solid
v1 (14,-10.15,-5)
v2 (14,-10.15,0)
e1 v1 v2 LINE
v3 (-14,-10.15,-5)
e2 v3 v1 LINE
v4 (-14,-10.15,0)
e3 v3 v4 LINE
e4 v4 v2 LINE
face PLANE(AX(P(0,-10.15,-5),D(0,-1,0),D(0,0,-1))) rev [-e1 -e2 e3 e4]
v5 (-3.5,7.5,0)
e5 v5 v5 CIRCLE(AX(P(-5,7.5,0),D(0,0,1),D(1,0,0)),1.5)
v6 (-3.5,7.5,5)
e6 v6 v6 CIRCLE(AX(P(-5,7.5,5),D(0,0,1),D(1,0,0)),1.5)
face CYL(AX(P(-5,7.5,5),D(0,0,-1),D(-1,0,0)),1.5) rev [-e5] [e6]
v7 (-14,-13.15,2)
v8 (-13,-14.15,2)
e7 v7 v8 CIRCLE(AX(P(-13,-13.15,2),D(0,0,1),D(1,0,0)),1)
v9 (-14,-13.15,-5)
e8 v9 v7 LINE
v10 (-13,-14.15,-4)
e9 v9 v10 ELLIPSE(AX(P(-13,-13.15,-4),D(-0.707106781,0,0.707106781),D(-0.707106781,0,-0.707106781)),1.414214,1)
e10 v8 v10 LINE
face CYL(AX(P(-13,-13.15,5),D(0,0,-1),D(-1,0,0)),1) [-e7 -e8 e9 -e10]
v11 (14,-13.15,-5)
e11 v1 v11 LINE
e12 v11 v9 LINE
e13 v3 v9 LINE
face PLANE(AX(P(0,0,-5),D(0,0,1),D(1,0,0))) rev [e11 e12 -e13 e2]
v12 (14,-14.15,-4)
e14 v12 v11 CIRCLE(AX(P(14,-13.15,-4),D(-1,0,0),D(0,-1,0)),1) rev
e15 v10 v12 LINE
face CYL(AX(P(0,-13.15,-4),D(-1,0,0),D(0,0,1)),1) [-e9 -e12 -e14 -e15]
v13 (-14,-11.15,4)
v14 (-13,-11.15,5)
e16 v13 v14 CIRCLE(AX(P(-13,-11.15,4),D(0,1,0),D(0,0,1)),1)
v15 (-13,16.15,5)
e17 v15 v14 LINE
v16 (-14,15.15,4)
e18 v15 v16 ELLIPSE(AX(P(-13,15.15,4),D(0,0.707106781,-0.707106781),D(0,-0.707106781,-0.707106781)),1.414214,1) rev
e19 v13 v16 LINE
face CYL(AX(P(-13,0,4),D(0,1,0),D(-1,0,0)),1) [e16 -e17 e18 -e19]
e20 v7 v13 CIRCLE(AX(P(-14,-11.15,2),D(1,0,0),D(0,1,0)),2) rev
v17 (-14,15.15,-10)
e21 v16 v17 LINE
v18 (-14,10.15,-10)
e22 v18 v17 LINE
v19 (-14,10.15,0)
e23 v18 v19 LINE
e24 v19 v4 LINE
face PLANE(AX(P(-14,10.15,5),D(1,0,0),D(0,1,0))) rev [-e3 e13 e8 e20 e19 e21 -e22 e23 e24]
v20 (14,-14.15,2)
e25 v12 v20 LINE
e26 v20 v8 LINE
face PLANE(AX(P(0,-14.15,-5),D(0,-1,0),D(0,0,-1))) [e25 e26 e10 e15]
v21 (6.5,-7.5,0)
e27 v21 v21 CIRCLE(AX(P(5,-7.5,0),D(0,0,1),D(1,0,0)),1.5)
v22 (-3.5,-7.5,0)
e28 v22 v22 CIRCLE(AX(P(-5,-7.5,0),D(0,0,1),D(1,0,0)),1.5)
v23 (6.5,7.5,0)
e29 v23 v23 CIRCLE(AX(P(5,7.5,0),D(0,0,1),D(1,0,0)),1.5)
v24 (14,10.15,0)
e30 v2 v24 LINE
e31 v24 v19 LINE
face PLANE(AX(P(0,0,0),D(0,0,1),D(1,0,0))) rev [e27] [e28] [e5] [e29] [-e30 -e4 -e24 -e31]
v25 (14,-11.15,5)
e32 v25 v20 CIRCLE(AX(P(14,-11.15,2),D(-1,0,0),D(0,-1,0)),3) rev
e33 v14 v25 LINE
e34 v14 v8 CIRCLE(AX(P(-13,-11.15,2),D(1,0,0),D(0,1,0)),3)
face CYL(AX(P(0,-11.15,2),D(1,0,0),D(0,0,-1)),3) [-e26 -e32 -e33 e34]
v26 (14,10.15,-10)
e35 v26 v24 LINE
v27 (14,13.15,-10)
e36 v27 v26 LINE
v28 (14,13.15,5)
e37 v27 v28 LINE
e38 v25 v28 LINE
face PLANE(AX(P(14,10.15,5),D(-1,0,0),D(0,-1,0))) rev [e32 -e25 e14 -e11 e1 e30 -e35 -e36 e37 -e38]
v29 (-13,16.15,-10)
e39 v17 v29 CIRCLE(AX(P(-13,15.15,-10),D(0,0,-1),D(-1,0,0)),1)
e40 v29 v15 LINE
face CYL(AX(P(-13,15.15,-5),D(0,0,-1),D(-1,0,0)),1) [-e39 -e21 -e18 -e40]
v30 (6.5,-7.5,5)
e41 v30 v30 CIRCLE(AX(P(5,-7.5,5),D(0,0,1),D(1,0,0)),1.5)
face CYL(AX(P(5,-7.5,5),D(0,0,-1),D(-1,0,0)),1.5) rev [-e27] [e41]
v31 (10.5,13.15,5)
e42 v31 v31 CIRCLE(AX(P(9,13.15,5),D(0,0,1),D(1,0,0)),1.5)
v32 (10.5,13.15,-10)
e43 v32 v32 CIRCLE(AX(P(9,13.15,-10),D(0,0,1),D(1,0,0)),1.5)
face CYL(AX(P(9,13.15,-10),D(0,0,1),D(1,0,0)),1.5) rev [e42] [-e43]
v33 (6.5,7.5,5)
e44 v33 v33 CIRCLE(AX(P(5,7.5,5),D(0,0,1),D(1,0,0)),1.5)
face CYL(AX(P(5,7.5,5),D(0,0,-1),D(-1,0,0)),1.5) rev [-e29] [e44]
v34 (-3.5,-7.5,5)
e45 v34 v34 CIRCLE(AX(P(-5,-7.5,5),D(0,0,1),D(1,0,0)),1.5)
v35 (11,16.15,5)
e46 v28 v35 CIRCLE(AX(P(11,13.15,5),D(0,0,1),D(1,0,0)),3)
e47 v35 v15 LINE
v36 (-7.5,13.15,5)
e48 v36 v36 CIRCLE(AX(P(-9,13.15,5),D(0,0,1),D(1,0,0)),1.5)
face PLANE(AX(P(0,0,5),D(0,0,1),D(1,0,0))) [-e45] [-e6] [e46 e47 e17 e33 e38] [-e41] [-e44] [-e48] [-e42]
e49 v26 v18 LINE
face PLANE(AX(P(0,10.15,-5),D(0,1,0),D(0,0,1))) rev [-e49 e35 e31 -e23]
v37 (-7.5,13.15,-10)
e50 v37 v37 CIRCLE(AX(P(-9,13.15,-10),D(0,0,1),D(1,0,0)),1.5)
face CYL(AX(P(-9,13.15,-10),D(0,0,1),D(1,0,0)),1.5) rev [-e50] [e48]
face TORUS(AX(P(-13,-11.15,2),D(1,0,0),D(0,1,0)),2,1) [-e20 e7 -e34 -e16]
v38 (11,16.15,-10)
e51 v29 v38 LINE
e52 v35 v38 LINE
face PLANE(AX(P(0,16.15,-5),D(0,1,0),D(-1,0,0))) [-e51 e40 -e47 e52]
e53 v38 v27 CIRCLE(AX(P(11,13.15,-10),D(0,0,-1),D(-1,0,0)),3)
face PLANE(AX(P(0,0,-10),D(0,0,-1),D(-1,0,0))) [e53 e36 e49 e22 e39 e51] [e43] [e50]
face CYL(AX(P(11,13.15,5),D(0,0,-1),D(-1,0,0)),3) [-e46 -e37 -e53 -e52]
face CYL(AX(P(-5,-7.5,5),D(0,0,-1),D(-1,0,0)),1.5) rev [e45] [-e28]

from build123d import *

# Parameters (mm, degrees)
SKETCH_1_W          = 28
SKETCH_1_H          = 20.3
SKETCH_1_R          = 1.5
EXTRUDE_1_DEPTH     = 5
SKETCH_2_W          = 28
SKETCH_2_H          = 6
SKETCH_2_H_2        = 4
EXTRUDE_2_DEPTH     = 10
SKETCH_3_W          = 28
SKETCH_3_H          = 6
EXTRUDE_3_DEPTH     = 5
FILLET_1_R          = 3
FILLET_2_R          = 1
SKETCH_4_R          = 1.5
CUT_EXTRUDE_1_DEPTH = 27.11173108


with BuildPart() as part:
    # 草图1 → 凸台-拉伸1 (new body)
    with BuildSketch(Plane.XY):
        Rectangle(SKETCH_1_W, SKETCH_1_H)
        with Locations((-5, 7.5)):
            Circle(SKETCH_1_R, mode=Mode.SUBTRACT)
        with Locations((5, 7.5)):
            Circle(SKETCH_1_R, mode=Mode.SUBTRACT)
        with Locations((5, -7.5)):
            Circle(SKETCH_1_R, mode=Mode.SUBTRACT)
        with Locations((-5, -7.5)):
            Circle(SKETCH_1_R, mode=Mode.SUBTRACT)
    extrude(amount=EXTRUDE_1_DEPTH)

    # 草图2 → 凸台-拉伸2 (add)
    with BuildSketch(Plane.XY.offset(5)):
        with Locations((0, 13.15)):
            Rectangle(SKETCH_2_W, SKETCH_2_H)
        with Locations((0, -12.15)):
            Rectangle(SKETCH_2_W, SKETCH_2_H_2)
    extrude(amount=-EXTRUDE_2_DEPTH)

    # 草图3 → 凸台-拉伸3 (add)
    with BuildSketch(Plane(origin=(0, 0, -5), x_dir=(-1, 0, 0), z_dir=(0, 0, -1))):
        with Locations((0, 13.15)):
            Rectangle(SKETCH_3_W, SKETCH_3_H)
    extrude(amount=EXTRUDE_3_DEPTH)

    # 圆角1
    fillet_1_edges = [part.edges().sort_by_distance(p)[0] for p in [
        (14, 16.15, -2.5),
        (0, -14.15, 5),
    ]]
    fillet(fillet_1_edges, radius=FILLET_1_R)

    # 圆角2
    fillet_2_edges = [part.edges().sort_by_distance(p)[0] for p in [
        (-14, 2.5, 5),
        (-14, 16.15, -2.5),
        (0, -14.15, -5),
        (-14, -14.15, -1.5),
        (-14, -13.271320344, 4.121320344),
    ]]
    fillet(fillet_2_edges, radius=FILLET_2_R)

    # 草图4 → 切除-拉伸1 (cut, through all)
    with BuildSketch(Plane.XY.offset(5)):
        with Locations((-9, 13.15)):
            Circle(SKETCH_4_R)
        with Locations((9, 13.15)):
            Circle(SKETCH_4_R)
    extrude(amount=-CUT_EXTRUDE_1_DEPTH, mode=Mode.SUBTRACT)


solid = part.part
